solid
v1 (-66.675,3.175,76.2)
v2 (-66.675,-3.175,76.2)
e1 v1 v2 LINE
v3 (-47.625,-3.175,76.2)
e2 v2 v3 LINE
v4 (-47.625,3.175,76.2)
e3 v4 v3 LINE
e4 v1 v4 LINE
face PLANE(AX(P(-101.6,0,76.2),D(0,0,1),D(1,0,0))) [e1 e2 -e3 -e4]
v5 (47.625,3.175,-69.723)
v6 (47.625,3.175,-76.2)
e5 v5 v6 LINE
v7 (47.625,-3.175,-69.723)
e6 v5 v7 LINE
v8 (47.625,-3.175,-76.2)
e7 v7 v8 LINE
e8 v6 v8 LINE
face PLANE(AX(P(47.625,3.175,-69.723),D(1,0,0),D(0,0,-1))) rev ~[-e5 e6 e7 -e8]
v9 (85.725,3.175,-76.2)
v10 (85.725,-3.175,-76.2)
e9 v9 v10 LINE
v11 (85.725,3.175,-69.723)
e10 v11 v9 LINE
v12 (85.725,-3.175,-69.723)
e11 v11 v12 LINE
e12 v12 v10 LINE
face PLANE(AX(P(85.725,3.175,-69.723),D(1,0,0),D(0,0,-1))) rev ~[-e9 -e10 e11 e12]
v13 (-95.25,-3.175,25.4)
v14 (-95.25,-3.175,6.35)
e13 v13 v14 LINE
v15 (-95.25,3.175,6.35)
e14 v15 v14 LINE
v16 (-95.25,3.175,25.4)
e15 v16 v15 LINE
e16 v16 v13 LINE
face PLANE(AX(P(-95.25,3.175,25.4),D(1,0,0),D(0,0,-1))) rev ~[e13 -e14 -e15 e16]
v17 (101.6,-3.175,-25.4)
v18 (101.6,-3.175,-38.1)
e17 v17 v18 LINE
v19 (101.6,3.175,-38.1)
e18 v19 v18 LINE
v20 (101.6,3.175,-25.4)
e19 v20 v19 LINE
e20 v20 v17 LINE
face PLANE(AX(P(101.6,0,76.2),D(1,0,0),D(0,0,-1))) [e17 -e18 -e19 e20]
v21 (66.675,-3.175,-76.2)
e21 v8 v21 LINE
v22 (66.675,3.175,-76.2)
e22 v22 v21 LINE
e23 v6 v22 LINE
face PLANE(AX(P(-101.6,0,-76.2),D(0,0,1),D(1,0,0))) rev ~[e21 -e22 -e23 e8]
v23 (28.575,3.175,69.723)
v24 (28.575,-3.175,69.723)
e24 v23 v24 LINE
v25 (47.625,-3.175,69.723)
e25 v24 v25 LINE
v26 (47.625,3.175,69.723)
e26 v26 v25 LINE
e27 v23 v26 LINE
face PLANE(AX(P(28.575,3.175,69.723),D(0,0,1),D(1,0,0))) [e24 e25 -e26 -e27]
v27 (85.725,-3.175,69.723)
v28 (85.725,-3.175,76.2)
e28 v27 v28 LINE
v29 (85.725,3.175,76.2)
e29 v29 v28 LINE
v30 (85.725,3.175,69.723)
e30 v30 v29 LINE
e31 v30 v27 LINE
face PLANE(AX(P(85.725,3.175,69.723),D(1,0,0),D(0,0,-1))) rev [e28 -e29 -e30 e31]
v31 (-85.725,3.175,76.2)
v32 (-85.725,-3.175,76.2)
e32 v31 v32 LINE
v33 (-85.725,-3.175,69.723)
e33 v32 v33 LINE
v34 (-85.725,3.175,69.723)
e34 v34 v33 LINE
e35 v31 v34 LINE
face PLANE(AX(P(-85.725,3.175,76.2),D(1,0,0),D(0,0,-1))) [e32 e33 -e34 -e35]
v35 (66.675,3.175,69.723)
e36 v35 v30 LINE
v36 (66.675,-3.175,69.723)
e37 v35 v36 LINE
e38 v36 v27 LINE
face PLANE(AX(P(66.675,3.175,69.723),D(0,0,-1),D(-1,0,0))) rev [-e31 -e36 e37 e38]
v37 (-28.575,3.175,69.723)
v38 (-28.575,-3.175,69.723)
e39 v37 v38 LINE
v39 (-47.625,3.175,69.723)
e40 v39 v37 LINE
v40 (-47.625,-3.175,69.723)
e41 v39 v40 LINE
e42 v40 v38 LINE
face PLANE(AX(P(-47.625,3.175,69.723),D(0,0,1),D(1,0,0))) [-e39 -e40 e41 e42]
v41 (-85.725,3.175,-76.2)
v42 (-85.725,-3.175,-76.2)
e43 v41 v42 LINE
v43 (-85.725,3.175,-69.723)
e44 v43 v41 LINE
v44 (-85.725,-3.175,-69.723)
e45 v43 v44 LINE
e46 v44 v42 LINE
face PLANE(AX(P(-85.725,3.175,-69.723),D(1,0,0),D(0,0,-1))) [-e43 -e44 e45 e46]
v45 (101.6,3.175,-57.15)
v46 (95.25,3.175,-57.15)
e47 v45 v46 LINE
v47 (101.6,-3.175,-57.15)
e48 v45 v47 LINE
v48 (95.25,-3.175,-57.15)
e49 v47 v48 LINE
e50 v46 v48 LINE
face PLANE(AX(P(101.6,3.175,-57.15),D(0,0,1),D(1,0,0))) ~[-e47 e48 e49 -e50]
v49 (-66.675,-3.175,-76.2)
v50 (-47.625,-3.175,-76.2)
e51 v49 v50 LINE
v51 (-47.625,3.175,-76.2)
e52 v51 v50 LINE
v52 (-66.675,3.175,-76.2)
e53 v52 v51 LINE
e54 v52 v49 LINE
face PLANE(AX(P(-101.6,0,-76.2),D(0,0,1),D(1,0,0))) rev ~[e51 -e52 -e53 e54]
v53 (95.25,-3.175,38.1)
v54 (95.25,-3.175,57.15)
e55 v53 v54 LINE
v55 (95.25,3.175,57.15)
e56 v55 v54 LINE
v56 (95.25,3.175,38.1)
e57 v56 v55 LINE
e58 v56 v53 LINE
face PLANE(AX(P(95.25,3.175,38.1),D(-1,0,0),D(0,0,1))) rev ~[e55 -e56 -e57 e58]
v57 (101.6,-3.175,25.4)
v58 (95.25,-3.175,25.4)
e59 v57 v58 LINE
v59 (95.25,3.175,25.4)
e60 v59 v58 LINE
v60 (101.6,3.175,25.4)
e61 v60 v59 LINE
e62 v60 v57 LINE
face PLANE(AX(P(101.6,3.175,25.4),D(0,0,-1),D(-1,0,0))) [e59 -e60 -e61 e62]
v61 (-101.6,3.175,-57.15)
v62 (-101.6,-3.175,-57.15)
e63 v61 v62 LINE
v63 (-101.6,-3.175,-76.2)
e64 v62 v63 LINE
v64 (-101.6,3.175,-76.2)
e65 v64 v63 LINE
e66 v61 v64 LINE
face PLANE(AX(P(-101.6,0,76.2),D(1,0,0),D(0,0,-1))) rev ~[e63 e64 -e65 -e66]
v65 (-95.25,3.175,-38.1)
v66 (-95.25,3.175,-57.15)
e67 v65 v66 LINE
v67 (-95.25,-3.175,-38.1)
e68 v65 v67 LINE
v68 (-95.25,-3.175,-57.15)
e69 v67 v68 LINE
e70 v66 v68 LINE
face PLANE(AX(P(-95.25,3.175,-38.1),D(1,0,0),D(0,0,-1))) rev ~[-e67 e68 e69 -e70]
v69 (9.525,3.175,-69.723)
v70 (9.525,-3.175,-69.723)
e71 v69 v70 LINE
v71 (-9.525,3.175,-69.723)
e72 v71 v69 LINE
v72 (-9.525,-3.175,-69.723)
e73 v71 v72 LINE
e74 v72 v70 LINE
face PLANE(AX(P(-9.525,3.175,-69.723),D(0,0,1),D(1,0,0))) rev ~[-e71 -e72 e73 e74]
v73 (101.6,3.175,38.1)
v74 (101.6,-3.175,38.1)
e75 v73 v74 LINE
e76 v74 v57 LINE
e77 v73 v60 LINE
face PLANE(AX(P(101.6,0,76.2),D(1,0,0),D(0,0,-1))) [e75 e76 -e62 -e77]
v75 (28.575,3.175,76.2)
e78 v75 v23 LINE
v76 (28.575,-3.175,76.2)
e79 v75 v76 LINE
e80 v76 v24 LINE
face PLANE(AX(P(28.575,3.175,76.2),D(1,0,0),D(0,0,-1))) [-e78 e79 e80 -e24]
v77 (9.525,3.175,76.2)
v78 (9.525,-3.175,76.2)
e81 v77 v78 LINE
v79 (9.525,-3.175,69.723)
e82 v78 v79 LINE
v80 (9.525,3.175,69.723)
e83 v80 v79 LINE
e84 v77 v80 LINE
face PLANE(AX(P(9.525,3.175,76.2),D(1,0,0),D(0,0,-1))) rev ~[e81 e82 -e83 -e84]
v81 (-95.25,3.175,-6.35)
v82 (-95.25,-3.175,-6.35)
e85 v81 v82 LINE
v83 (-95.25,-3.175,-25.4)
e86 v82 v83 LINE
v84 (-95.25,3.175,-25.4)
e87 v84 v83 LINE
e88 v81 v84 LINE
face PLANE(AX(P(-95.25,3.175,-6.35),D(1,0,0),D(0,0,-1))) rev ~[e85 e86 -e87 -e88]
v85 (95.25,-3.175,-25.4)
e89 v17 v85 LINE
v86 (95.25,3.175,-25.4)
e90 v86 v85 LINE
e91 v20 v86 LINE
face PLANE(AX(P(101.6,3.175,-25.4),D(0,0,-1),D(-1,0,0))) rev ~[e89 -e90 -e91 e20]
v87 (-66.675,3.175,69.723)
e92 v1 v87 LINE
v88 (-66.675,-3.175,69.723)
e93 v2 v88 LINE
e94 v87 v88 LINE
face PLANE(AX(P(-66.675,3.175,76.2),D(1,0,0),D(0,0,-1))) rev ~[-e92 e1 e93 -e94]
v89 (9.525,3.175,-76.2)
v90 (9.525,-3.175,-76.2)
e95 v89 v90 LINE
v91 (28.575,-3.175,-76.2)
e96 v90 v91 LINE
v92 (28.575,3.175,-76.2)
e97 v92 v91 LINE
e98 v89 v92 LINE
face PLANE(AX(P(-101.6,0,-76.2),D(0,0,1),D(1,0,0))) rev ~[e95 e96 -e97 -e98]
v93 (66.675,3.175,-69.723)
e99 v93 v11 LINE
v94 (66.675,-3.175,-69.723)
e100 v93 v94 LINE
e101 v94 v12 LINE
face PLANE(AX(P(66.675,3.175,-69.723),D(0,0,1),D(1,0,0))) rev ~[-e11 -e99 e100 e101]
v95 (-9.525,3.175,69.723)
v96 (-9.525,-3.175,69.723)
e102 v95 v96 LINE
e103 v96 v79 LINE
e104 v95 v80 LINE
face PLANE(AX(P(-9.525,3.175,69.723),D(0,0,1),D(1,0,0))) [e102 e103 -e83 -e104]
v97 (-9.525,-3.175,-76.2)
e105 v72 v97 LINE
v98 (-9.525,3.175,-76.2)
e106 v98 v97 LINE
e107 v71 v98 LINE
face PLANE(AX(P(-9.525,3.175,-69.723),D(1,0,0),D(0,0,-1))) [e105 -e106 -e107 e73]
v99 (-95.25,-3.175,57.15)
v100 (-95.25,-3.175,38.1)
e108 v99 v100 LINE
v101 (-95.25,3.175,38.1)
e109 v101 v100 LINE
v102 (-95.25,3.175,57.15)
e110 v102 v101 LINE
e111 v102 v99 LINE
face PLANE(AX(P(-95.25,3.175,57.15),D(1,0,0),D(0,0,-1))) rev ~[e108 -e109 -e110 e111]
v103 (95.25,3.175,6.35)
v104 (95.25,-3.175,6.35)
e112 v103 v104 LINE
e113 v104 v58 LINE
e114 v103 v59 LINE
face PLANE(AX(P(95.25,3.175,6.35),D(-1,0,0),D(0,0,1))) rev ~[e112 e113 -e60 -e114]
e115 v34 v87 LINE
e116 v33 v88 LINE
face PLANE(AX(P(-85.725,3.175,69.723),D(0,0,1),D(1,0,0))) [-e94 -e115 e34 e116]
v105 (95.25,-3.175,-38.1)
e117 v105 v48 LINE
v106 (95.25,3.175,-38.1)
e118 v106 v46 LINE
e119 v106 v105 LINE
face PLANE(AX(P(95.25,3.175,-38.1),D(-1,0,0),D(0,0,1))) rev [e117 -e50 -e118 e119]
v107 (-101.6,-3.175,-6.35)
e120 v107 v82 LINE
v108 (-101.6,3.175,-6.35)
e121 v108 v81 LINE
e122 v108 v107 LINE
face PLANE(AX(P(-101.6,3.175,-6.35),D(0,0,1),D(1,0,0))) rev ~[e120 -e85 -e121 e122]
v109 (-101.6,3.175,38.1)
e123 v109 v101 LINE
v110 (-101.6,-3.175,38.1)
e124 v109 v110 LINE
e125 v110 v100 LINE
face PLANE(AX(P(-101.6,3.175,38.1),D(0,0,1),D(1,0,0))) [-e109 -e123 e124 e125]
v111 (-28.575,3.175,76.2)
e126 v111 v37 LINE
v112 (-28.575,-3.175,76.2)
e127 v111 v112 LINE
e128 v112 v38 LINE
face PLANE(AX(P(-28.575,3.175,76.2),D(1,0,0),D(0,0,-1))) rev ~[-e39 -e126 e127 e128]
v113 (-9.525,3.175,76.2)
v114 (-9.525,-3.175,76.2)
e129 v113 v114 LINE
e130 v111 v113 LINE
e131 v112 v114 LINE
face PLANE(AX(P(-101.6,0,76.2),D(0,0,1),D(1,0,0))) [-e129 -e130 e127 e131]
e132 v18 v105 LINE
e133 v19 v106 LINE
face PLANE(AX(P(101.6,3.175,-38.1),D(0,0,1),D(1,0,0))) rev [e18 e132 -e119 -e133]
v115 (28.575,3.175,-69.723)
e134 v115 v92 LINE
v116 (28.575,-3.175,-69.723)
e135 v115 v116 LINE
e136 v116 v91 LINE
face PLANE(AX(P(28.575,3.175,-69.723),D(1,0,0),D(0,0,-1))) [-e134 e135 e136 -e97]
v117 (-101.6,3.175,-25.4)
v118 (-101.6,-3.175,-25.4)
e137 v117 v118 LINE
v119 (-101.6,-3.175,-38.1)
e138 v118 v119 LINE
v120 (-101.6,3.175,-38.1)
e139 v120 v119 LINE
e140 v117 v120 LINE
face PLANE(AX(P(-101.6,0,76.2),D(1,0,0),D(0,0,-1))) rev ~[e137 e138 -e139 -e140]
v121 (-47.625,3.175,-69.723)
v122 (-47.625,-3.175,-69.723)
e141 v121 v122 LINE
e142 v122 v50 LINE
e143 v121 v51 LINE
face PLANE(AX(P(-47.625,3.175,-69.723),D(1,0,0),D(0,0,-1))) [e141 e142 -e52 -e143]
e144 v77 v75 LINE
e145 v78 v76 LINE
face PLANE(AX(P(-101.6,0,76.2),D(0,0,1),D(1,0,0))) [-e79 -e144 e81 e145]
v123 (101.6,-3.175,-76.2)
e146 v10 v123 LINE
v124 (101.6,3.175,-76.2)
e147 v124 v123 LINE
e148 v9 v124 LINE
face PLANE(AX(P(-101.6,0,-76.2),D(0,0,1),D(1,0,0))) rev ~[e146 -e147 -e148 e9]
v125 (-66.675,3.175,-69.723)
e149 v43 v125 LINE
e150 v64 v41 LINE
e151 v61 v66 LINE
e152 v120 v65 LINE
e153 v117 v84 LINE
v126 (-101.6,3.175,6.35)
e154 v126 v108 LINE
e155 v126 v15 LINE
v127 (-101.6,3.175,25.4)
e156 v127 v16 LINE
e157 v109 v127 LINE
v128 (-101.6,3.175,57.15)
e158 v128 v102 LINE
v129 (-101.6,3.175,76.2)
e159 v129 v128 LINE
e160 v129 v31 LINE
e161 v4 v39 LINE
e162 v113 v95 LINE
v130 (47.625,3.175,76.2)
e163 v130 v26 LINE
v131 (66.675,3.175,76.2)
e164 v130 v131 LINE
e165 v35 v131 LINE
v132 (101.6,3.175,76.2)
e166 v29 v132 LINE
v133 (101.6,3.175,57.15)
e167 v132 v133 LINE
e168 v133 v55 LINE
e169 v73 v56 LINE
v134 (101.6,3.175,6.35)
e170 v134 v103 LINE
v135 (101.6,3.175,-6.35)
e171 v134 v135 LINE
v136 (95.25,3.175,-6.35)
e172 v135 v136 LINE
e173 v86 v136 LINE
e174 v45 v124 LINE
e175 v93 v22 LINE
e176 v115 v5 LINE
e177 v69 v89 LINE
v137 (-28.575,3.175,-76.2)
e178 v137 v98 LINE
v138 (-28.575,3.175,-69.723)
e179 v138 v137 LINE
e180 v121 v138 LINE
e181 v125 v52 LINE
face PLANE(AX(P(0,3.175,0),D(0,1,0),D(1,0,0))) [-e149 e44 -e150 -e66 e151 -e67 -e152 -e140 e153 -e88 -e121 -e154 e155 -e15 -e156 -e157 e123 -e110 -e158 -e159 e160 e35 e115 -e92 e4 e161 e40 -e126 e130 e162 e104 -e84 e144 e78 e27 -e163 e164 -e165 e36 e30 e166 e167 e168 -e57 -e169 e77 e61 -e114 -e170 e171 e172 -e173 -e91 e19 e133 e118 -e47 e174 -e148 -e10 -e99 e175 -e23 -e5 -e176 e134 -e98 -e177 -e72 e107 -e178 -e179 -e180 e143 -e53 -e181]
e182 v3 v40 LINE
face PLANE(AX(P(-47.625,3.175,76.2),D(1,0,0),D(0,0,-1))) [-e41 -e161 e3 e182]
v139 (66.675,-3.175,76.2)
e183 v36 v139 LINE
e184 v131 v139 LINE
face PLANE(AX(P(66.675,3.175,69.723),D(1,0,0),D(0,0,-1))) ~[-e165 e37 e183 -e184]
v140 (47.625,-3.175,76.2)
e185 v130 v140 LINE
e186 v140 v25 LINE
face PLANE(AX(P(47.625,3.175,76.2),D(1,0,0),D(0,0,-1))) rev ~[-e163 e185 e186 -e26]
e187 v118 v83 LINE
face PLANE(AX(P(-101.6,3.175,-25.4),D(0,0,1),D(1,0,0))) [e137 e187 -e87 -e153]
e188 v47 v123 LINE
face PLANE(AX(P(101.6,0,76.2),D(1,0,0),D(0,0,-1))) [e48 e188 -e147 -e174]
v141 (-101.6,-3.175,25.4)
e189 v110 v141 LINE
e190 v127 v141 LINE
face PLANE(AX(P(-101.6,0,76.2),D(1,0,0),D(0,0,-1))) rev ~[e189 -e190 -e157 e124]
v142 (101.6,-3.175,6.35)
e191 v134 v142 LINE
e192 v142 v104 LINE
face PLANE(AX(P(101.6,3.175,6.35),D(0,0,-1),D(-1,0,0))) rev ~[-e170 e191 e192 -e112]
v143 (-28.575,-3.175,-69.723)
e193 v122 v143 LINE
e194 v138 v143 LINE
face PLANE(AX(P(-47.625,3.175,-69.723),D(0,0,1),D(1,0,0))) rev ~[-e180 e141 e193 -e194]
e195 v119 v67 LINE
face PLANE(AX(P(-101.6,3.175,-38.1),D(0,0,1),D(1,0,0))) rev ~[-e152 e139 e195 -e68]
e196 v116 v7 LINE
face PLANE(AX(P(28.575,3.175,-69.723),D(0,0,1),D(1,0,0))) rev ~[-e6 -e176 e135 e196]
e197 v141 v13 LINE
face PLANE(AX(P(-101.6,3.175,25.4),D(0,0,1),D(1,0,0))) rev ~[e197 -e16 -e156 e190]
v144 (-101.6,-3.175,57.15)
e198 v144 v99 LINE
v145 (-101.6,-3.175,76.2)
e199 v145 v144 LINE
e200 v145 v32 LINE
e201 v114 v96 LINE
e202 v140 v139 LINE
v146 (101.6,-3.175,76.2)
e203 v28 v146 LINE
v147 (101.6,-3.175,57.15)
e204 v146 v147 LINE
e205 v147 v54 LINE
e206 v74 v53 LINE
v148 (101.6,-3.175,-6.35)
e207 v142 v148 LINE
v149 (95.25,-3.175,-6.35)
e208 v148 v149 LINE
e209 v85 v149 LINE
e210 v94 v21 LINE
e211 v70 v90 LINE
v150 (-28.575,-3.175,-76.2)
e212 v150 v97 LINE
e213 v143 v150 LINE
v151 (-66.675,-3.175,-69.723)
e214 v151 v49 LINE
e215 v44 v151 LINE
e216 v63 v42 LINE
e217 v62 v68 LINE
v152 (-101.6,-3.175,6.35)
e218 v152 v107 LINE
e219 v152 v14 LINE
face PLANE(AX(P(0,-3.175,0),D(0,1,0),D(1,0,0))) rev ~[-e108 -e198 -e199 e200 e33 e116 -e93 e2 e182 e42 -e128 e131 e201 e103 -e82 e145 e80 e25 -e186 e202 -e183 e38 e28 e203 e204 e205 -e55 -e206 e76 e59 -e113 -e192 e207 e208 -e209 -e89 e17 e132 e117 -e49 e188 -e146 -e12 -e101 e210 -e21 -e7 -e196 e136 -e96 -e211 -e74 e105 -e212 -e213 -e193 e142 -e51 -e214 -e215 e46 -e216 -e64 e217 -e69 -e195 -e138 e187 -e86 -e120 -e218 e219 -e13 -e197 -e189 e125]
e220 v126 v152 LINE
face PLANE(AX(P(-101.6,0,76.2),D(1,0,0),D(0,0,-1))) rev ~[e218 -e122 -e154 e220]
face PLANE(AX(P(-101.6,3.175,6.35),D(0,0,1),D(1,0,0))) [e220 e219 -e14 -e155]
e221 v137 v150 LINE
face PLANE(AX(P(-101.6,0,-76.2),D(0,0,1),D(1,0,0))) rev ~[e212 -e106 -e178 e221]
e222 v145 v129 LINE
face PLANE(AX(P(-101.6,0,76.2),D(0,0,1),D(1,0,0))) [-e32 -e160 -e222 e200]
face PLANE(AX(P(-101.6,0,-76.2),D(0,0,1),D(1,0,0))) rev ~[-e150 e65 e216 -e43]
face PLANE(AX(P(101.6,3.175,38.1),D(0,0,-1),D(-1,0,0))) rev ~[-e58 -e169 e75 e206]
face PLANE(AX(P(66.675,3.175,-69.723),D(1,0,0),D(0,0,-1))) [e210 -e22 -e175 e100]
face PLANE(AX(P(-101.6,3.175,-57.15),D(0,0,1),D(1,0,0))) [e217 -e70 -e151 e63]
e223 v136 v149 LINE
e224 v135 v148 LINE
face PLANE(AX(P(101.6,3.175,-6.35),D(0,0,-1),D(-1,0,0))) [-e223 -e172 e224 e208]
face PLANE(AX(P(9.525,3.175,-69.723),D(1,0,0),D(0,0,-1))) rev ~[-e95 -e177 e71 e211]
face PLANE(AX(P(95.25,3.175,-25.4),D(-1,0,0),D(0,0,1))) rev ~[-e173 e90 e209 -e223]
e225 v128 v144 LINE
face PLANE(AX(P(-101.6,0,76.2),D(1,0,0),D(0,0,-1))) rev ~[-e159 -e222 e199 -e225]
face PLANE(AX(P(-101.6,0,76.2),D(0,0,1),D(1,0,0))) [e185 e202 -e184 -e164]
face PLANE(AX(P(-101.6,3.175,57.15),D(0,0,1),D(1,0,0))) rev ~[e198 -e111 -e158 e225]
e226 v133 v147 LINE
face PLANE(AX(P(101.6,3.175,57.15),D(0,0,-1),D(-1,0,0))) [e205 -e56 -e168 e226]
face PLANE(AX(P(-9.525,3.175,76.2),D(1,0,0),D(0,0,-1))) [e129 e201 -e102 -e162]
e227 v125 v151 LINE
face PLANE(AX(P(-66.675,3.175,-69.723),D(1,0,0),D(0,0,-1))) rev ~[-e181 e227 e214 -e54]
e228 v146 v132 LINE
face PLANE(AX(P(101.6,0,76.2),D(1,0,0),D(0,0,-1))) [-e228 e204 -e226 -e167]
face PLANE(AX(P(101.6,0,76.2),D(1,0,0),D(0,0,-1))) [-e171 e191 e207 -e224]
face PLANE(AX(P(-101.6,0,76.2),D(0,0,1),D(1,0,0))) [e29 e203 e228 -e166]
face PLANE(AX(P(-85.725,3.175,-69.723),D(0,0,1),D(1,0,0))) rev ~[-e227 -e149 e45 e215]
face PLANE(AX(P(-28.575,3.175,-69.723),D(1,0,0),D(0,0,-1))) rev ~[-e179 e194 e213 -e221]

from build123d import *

# Parameters (mm, degrees)
SKETCH1_W               = 203.2
SKETCH1_H               = 152.4
BOSS_EXTRUDE1_DEPTH     = 3.175
SKETCH2_W               = 19.05
SKETCH2_H               = 6.477
CUT_EXTRUDE1_DEPTH      = 128.158650905
LPATTERN1_COUNT         = 5
LPATTERN1_PITCH         = 38.1
MIRROR1_COPY_1_SKETCH_W = 19.05
MIRROR1_COPY_1_SKETCH_H = 6.477
MIRROR1_COPY_1_DEPTH    = 128.158650905
MIRROR1_COPY_2_SKETCH_W = 19.05
MIRROR1_COPY_2_SKETCH_H = 6.477
MIRROR1_COPY_2_DEPTH    = 128.158650905
MIRROR1_COPY_3_SKETCH_W = 19.05
MIRROR1_COPY_3_SKETCH_H = 6.477
MIRROR1_COPY_3_DEPTH    = 128.158650905
MIRROR1_COPY_4_SKETCH_W = 19.05
MIRROR1_COPY_4_SKETCH_H = 6.477
MIRROR1_COPY_4_DEPTH    = 128.158650905
SKETCH3_W               = 6.35
SKETCH3_H               = 19.05
CUT_EXTRUDE2_DEPTH      = 128.158650905
LPATTERN2_COUNT         = 4
LPATTERN2_PITCH         = 31.75
MIRROR2_COPY_1_SKETCH_W = 6.35
MIRROR2_COPY_1_SKETCH_H = 19.05
MIRROR2_COPY_1_DEPTH    = 128.158650905
MIRROR2_COPY_2_SKETCH_W = 6.35
MIRROR2_COPY_2_SKETCH_H = 19.05
MIRROR2_COPY_2_DEPTH    = 128.158650905
MIRROR2_COPY_3_SKETCH_W = 6.35
MIRROR2_COPY_3_SKETCH_H = 19.05
MIRROR2_COPY_3_DEPTH    = 128.158650905


with BuildPart() as part:
    # Sketch1 → Boss-Extrude1 (new, symmetric)
    with BuildSketch(Plane(origin=(0, 0, 0), x_dir=(1, 0, 0), z_dir=(0, 1, 0))):
        Rectangle(SKETCH1_W, SKETCH1_H)
    extrude(amount=BOSS_EXTRUDE1_DEPTH, both=True)

    # Sketch2 → Cut-Extrude1 (cut, through all)
    with BuildSketch(Plane(origin=(0, 3.175, 0), x_dir=(1, 0, 0), z_dir=(0, 1, 0))):
        with Locations((76.2, 72.9615)):
            Rectangle(SKETCH2_W, SKETCH2_H)
    cut_extrude1 = extrude(amount=-CUT_EXTRUDE1_DEPTH, mode=Mode.SUBTRACT)

    # LPattern1: Cut-Extrude1 ×5
    with Locations(*[(-i * LPATTERN1_PITCH, 0, 0) for i in range(1, LPATTERN1_COUNT)]):
        add(cut_extrude1, mode=Mode.SUBTRACT)

    # Mirror1: Cut-Extrude1 across plane
    add(cut_extrude1.mirror(Plane.XY), mode=Mode.SUBTRACT)

    # Mirror1 copy 1 sketch → Mirror1 copy 1 (cut, through all)
    with BuildSketch(Plane(origin=(-38.1, 3.175, 0), x_dir=(1, 0, 0), z_dir=(0, 1, 0))):
        with Locations((76.2, -72.9615)):
            Rectangle(MIRROR1_COPY_1_SKETCH_W, MIRROR1_COPY_1_SKETCH_H)
    extrude(amount=-MIRROR1_COPY_1_DEPTH, mode=Mode.SUBTRACT)

    # Mirror1 copy 2 sketch → Mirror1 copy 2 (cut, through all)
    with BuildSketch(Plane(origin=(-76.2, 3.175, 0), x_dir=(1, 0, 0), z_dir=(0, 1, 0))):
        with Locations((76.2, -72.9615)):
            Rectangle(MIRROR1_COPY_2_SKETCH_W, MIRROR1_COPY_2_SKETCH_H)
    extrude(amount=-MIRROR1_COPY_2_DEPTH, mode=Mode.SUBTRACT)

    # Mirror1 copy 3 sketch → Mirror1 copy 3 (cut, through all)
    with BuildSketch(Plane(origin=(-114.3, 3.175, 0), x_dir=(1, 0, 0), z_dir=(0, 1, 0))):
        with Locations((76.2, -72.9615)):
            Rectangle(MIRROR1_COPY_3_SKETCH_W, MIRROR1_COPY_3_SKETCH_H)
    extrude(amount=-MIRROR1_COPY_3_DEPTH, mode=Mode.SUBTRACT)

    # Mirror1 copy 4 sketch → Mirror1 copy 4 (cut, through all)
    with BuildSketch(Plane(origin=(-152.4, 3.175, 0), x_dir=(1, 0, 0), z_dir=(0, 1, 0))):
        with Locations((76.2, -72.9615)):
            Rectangle(MIRROR1_COPY_4_SKETCH_W, MIRROR1_COPY_4_SKETCH_H)
    extrude(amount=-MIRROR1_COPY_4_DEPTH, mode=Mode.SUBTRACT)

    # Sketch3 → Cut-Extrude2 (cut, through all)
    with BuildSketch(Plane(origin=(0, 3.175, 0), x_dir=(1, 0, 0), z_dir=(0, 1, 0))):
        with Locations((-98.425, 47.625)):
            Rectangle(SKETCH3_W, SKETCH3_H)
    cut_extrude2 = extrude(amount=-CUT_EXTRUDE2_DEPTH, mode=Mode.SUBTRACT)

    # LPattern2: Cut-Extrude2 ×4
    with Locations(*[(0, 0, i * LPATTERN2_PITCH) for i in range(1, LPATTERN2_COUNT)]):
        add(cut_extrude2, mode=Mode.SUBTRACT)

    # Mirror2: Cut-Extrude2 across plane
    add(cut_extrude2.mirror(Plane(origin=(0, 0, 0), x_dir=(0, 0, 1), z_dir=(1, 0, 0))), mode=Mode.SUBTRACT)

    # Mirror2 copy 1 sketch → Mirror2 copy 1 (cut, through all)
    with BuildSketch(Plane(origin=(0, 3.175, 31.75), x_dir=(-1, 0, 0), z_dir=(0, 1, 0))):
        with Locations((-98.425, -47.625)):
            Rectangle(MIRROR2_COPY_1_SKETCH_W, MIRROR2_COPY_1_SKETCH_H)
    extrude(amount=-MIRROR2_COPY_1_DEPTH, mode=Mode.SUBTRACT)

    # Mirror2 copy 2 sketch → Mirror2 copy 2 (cut, through all)
    with BuildSketch(Plane(origin=(0, 3.175, 63.5), x_dir=(-1, 0, 0), z_dir=(0, 1, 0))):
        with Locations((-98.425, -47.625)):
            Rectangle(MIRROR2_COPY_2_SKETCH_W, MIRROR2_COPY_2_SKETCH_H)
    extrude(amount=-MIRROR2_COPY_2_DEPTH, mode=Mode.SUBTRACT)

    # Mirror2 copy 3 sketch → Mirror2 copy 3 (cut, through all)
    with BuildSketch(Plane(origin=(0, 3.175, 95.25), x_dir=(-1, 0, 0), z_dir=(0, 1, 0))):
        with Locations((-98.425, -47.625)):
            Rectangle(MIRROR2_COPY_3_SKETCH_W, MIRROR2_COPY_3_SKETCH_H)
    extrude(amount=-MIRROR2_COPY_3_DEPTH, mode=Mode.SUBTRACT)


solid = part.part
